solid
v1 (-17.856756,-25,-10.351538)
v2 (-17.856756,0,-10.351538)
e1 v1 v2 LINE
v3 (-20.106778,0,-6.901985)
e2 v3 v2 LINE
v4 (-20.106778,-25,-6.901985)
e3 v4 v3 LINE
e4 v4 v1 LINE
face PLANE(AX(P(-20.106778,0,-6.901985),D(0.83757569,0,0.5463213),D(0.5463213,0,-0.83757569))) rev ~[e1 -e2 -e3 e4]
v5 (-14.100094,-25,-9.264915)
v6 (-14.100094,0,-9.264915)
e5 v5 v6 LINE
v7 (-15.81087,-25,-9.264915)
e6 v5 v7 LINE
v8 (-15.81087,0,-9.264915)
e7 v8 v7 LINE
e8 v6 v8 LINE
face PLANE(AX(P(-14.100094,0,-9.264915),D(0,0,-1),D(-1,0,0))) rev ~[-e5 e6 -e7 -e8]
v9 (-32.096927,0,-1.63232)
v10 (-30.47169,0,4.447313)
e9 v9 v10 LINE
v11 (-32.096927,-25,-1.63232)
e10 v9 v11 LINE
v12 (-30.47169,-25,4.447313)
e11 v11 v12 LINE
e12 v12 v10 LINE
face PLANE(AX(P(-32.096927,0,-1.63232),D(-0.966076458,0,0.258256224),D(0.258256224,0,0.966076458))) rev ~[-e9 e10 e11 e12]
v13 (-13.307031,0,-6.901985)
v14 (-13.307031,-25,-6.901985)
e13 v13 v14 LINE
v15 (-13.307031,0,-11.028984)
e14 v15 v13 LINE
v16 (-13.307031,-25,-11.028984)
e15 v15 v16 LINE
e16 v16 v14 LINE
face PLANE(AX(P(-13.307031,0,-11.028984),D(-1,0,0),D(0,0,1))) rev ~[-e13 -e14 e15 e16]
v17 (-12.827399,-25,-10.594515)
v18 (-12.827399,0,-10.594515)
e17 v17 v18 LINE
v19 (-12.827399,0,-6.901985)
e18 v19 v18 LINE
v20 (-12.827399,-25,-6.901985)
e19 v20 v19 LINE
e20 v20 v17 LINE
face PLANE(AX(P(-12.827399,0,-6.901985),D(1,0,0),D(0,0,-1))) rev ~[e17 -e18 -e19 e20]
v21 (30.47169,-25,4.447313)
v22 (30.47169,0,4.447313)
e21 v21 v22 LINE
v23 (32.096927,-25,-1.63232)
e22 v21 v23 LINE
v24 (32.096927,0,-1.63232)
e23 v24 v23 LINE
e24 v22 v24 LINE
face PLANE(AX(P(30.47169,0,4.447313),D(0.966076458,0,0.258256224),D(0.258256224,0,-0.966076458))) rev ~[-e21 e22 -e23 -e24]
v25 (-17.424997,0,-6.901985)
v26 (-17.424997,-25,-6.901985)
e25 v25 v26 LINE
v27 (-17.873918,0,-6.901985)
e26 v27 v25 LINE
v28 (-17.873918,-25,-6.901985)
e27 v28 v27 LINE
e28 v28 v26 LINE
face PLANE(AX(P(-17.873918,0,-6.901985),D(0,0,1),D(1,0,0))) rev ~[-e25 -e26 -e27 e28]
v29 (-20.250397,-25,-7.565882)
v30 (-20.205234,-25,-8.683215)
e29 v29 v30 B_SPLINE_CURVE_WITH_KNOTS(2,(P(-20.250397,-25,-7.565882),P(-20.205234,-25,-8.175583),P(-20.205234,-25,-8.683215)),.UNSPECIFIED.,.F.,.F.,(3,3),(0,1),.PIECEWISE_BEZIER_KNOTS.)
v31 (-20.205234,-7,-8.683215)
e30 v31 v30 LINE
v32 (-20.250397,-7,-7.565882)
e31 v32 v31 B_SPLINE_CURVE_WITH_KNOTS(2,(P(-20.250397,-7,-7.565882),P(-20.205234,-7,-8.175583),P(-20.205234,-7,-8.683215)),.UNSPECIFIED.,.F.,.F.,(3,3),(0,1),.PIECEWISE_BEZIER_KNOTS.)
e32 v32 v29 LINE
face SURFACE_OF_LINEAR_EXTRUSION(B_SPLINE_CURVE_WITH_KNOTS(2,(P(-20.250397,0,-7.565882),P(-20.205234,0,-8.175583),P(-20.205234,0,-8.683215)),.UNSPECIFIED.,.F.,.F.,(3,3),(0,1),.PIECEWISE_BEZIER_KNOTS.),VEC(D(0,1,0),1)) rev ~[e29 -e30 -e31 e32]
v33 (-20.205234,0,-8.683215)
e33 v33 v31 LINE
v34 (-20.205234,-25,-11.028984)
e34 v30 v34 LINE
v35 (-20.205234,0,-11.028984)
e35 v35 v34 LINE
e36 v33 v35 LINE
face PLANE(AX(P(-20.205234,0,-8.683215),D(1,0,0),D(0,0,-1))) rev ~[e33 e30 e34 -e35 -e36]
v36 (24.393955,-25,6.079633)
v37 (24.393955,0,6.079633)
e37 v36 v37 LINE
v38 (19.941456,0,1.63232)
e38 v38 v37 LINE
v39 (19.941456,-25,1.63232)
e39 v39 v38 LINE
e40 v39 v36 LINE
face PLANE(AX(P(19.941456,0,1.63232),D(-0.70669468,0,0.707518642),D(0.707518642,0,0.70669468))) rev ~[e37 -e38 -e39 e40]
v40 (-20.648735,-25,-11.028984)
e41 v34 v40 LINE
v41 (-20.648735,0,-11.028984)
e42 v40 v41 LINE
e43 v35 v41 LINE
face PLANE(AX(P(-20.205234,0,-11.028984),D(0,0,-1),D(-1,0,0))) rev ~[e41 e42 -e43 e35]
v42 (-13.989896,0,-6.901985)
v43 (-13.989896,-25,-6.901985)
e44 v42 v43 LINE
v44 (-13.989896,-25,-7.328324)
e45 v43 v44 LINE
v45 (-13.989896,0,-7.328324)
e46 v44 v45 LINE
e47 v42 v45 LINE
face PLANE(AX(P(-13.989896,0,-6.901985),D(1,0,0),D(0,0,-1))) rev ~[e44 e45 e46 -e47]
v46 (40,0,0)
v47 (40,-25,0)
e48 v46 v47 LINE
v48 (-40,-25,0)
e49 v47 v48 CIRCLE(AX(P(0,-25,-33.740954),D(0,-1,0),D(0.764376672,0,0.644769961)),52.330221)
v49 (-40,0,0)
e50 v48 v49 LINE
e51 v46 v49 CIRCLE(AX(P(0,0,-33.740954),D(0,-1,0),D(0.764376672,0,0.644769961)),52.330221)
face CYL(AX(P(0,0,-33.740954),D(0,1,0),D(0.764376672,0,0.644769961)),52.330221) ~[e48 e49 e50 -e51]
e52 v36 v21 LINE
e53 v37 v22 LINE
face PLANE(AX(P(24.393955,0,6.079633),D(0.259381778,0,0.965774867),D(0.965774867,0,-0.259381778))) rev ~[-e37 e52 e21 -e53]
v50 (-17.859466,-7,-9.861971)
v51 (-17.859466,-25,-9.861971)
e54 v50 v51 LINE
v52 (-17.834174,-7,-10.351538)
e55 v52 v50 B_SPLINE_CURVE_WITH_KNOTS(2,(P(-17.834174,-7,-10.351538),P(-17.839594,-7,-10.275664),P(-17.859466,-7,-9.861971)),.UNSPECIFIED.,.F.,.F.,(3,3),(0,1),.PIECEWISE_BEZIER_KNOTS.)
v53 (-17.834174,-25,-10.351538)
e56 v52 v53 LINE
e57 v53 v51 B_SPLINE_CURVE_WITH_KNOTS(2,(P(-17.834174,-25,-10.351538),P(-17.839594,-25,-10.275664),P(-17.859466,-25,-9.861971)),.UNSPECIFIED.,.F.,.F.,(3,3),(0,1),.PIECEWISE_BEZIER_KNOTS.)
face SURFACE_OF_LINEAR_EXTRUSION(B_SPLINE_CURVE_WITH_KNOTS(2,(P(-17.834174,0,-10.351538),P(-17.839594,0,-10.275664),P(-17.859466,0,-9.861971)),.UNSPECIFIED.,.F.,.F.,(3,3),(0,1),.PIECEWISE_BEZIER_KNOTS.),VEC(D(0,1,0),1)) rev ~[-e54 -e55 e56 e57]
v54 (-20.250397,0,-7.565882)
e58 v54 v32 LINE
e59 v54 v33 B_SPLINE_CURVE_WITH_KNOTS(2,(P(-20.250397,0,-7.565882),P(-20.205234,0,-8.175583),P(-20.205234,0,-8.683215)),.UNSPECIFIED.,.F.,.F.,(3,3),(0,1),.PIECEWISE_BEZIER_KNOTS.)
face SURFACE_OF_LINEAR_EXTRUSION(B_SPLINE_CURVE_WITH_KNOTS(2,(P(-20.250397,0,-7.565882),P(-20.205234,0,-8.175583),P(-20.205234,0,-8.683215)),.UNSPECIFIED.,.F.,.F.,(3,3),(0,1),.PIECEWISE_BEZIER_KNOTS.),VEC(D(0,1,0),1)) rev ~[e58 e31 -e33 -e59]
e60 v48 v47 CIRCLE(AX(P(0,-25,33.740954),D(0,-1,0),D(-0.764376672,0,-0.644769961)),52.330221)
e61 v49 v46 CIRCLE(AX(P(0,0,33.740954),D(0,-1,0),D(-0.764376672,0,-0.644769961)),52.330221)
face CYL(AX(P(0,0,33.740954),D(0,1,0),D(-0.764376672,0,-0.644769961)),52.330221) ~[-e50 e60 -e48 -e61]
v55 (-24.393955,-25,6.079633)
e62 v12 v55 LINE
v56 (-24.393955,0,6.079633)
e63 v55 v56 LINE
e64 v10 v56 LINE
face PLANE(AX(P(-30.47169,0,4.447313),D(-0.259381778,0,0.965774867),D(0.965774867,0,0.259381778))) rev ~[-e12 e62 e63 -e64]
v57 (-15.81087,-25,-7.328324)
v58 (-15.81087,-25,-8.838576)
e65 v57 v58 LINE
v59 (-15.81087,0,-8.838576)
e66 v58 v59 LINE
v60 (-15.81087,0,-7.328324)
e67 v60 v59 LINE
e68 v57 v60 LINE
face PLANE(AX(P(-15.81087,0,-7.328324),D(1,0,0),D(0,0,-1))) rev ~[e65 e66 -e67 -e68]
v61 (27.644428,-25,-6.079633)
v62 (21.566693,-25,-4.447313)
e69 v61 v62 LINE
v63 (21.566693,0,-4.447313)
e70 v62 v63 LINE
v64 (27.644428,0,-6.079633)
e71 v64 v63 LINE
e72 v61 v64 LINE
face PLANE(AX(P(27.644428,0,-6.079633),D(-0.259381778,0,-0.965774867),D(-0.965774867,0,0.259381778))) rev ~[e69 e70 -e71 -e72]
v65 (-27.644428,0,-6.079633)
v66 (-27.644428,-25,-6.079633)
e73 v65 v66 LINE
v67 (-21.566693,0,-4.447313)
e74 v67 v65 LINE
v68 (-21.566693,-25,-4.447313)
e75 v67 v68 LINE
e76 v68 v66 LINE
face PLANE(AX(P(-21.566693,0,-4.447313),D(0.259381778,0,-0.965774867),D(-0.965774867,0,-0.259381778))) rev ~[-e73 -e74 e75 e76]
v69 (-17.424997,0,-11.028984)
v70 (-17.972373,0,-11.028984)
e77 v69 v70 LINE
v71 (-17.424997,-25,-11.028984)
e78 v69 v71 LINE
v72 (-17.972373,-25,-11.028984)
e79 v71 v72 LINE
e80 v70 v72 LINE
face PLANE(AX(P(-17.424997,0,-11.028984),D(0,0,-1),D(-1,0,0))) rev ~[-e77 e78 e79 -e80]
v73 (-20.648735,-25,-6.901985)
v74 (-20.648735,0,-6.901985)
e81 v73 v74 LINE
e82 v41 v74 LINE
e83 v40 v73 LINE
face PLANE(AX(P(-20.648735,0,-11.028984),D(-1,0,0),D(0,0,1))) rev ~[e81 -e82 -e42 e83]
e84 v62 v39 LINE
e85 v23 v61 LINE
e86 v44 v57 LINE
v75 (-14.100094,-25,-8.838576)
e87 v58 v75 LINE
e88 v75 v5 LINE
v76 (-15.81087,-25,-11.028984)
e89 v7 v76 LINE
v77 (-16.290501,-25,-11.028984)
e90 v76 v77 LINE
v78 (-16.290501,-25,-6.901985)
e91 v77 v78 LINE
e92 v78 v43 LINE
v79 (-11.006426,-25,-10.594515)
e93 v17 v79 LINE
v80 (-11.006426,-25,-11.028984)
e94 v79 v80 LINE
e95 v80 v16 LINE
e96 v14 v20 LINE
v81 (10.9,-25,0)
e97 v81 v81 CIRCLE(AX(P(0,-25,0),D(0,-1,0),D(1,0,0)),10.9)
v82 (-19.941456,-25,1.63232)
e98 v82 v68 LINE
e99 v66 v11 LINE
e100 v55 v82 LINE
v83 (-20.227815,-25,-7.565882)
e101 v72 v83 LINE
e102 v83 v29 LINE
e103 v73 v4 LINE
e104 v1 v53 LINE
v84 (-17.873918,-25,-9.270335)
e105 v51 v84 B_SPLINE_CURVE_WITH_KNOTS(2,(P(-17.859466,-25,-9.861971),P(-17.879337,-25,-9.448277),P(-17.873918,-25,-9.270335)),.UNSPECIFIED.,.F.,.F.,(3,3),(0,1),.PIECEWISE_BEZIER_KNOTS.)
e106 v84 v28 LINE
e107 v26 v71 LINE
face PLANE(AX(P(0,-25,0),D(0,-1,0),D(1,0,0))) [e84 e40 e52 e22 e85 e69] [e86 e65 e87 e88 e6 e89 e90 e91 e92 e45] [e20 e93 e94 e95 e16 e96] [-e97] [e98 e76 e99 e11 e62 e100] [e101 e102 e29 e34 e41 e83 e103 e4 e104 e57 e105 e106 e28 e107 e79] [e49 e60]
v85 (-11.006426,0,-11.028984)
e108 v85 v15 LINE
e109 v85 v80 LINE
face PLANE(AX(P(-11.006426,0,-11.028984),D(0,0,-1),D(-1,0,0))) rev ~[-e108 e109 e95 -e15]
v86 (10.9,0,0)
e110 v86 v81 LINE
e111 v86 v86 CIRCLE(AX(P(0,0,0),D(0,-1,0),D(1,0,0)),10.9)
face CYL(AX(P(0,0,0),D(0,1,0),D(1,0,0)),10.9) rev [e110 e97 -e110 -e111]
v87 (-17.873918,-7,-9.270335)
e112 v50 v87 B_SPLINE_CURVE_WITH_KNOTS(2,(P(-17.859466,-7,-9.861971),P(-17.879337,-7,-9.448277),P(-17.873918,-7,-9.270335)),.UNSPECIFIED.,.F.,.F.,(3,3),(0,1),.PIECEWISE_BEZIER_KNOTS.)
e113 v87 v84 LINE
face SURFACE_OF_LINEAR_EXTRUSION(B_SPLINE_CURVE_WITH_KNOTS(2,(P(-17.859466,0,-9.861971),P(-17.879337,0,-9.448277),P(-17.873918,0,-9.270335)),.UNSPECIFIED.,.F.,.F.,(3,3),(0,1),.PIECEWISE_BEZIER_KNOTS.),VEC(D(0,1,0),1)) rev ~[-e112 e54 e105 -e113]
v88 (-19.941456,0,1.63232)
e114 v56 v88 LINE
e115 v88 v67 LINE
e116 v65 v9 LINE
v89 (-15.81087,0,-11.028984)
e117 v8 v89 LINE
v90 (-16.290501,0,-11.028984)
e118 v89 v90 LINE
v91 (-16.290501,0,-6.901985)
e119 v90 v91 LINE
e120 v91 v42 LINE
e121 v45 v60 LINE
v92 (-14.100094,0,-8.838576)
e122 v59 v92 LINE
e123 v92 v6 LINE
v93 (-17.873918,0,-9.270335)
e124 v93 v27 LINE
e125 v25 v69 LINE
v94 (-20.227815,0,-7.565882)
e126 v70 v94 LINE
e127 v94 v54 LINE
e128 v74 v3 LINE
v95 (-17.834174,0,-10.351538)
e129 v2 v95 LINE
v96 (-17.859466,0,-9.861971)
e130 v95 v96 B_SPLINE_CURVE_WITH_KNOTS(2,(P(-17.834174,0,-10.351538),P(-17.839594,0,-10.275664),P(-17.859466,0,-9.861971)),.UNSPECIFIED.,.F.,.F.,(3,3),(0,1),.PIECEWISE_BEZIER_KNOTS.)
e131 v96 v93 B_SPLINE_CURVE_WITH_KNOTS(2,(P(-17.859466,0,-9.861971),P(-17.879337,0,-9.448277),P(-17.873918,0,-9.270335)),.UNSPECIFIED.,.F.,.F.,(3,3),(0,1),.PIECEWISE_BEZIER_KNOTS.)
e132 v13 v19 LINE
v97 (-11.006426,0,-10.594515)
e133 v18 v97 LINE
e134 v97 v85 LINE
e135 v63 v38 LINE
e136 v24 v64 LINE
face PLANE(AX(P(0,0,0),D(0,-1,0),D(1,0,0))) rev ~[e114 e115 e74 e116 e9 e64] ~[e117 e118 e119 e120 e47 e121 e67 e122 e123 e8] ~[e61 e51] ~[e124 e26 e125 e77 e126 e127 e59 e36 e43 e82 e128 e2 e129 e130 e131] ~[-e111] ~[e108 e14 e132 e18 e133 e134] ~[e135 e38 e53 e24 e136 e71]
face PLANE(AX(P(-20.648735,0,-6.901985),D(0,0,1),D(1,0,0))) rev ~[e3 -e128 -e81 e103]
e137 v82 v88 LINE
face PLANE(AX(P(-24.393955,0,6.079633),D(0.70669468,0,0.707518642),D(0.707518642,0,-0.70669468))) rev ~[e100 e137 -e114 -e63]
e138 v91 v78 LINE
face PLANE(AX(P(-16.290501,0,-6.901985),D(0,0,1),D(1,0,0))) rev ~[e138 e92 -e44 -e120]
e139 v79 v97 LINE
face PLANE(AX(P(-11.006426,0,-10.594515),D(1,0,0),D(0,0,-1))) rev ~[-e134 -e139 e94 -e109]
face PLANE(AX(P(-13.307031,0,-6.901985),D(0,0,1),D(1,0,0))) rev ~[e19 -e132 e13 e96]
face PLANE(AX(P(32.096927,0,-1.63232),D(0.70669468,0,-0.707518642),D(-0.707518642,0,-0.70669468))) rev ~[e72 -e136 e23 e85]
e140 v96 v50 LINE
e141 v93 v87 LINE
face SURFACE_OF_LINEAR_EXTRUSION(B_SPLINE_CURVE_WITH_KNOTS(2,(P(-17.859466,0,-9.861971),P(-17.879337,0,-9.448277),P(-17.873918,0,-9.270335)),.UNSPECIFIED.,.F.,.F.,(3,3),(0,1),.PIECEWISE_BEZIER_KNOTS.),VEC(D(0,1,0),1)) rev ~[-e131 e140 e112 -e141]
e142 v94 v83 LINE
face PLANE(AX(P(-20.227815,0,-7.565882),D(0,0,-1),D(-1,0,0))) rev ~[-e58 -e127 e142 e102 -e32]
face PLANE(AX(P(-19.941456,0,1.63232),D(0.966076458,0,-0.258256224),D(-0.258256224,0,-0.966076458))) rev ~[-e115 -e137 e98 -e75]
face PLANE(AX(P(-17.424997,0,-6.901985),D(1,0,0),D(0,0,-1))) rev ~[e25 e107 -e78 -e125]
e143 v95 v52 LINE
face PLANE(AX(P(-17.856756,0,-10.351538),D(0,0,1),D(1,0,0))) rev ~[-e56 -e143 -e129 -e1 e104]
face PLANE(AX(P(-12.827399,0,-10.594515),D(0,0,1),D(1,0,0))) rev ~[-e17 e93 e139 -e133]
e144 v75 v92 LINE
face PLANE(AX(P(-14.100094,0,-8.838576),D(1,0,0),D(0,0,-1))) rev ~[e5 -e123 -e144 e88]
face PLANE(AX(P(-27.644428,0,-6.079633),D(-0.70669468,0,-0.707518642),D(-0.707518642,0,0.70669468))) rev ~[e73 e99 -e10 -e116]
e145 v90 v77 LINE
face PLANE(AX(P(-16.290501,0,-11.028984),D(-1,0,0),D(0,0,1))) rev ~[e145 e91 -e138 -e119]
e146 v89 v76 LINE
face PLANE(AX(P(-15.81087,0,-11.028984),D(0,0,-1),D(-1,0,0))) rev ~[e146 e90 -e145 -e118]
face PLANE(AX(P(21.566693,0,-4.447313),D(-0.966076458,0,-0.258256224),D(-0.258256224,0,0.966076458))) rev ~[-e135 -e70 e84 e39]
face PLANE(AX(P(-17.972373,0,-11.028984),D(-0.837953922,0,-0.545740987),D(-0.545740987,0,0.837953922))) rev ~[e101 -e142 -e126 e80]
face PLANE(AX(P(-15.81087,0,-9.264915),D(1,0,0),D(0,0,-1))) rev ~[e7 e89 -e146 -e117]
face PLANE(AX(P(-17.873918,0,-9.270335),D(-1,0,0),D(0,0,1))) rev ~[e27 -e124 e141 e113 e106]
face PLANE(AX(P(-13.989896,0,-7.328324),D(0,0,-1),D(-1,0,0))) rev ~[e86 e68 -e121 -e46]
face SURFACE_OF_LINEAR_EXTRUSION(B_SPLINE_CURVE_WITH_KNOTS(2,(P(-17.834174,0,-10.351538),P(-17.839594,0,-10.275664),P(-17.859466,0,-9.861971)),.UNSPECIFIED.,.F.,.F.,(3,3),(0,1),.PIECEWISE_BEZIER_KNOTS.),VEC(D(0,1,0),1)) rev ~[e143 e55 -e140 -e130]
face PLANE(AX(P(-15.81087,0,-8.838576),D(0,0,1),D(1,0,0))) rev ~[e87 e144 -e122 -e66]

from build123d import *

# Parameters (mm, degrees)
F0_R     = 10.9
F1_DEPTH = 7
F2_DEPTH = 25


with BuildPart() as f1:
    # F0 (on Front) → F1 (new body)
    with BuildSketch(Plane.XZ):
        with BuildLine():
            ThreePointArc((-40, 0), (0, -18.5892663444), (40, 0))
            ThreePointArc((40, 0), (0, 18.5892663444), (-40, 0))
        make_face()
        with BuildLine():
            Line((-17.4249970611, -6.9019849301), (-17.4249970611, -11.0289836302))
            Line((-17.4249970611, -11.0289836302), (-17.9723731198, -11.0289836302))
            Line((-17.9723731198, -11.0289836302), (-20.2278153948, -7.5658816349))
            Line((-20.2278153948, -7.5658816349), (-20.2503969154, -7.5658816349))
            add(Edge.make_bspline(
                [(-20.2503969154, -7.5658816349), (-20.2052338742, -8.1755826905), (-20.2052338742, -8.683215273)],
                knots=[0, 0, 0, 1, 1, 1], degree=2))
            Line((-20.2052338742, -8.683215273), (-20.2052338742, -11.0289836302))
            Line((-20.2052338742, -11.0289836302), (-20.6487349383, -11.0289836302))
            Line((-20.6487349383, -11.0289836302), (-20.6487349383, -6.9019849301))
            Line((-20.6487349383, -6.9019849301), (-20.1067784445, -6.9019849301))
            Line((-20.1067784445, -6.9019849301), (-17.8567557345, -10.351538013))
            Line((-17.8567557345, -10.351538013), (-17.8341742139, -10.351538013))
            add(Edge.make_bspline(
                [(-17.8341742139, -10.351538013), (-17.8395937789, -10.2756641039), (-17.859465517, -9.861970647)],
                knots=[0, 0, 0, 1, 1, 1], degree=2))
            add(Edge.make_bspline(
                [(-17.859465517, -9.861970647), (-17.8793372551, -9.44827719), (-17.8739176901, -9.2703348079)],
                knots=[0, 0, 0, 1, 1, 1], degree=2))
            Line((-17.8739176901, -9.2703348079), (-17.8739176901, -6.9019849301))
            Line((-17.8739176901, -6.9019849301), (-17.4249970611, -6.9019849301))
        make_face(mode=Mode.SUBTRACT)
        Polygon((-15.8108699705, -9.264915243), (-15.8108699705, -11.0289836302), (-16.2905014675, -11.0289836302), (-16.2905014675, -6.9019849301), (-13.9898961513, -6.9019849301), (-13.9898961513, -7.3283240385), (-15.8108699705, -7.3283240385), (-15.8108699705, -8.8385761345), (-14.1000939717, -8.8385761345), (-14.1000939717, -9.264915243), align=None, mode=Mode.SUBTRACT)
        Polygon((-11.006425653, -11.0289836302), (-13.3070309692, -11.0289836302), (-13.3070309692, -6.9019849301), (-12.8273994722, -6.9019849301), (-12.8273994722, -10.5945151744), (-11.006425653, -10.5945151744), align=None, mode=Mode.SUBTRACT)
        Polygon((-21.5666932822, -4.4473129641), (-27.6444284164, -6.0796330833), (-32.0969266739, -1.6323201193), (-30.4716897972, 4.4473129641), (-24.393954663, 6.0796330833), (-19.9414564055, 1.6323201193), align=None, mode=Mode.SUBTRACT)
        Circle(F0_R, mode=Mode.SUBTRACT)
        Polygon((32.0969266739, -1.6323201193), (27.6444284164, -6.0796330833), (21.5666932822, -4.4473129641), (19.9414564055, 1.6323201193), (24.393954663, 6.0796330833), (30.4716897972, 4.4473129641), align=None, mode=Mode.SUBTRACT)
    extrude(amount=F1_DEPTH)

    # F0 (on Front) → F2 (join)
    with BuildSketch(Plane.XZ):
        with BuildLine():
            ThreePointArc((-40, 0), (0, -18.5892663444), (40, 0))
            ThreePointArc((40, 0), (0, 18.5892663444), (-40, 0))
        make_face()
        with BuildLine():
            Line((-17.4249970611, -6.9019849301), (-17.4249970611, -11.0289836302))
            Line((-17.4249970611, -11.0289836302), (-17.9723731198, -11.0289836302))
            Line((-17.9723731198, -11.0289836302), (-20.2278153948, -7.5658816349))
            Line((-20.2278153948, -7.5658816349), (-20.2503969154, -7.5658816349))
            add(Edge.make_bspline(
                [(-20.2503969154, -7.5658816349), (-20.2052338742, -8.1755826905), (-20.2052338742, -8.683215273)],
                knots=[0, 0, 0, 1, 1, 1], degree=2))
            Line((-20.2052338742, -8.683215273), (-20.2052338742, -11.0289836302))
            Line((-20.2052338742, -11.0289836302), (-20.6487349383, -11.0289836302))
            Line((-20.6487349383, -11.0289836302), (-20.6487349383, -6.9019849301))
            Line((-20.6487349383, -6.9019849301), (-20.1067784445, -6.9019849301))
            Line((-20.1067784445, -6.9019849301), (-17.8567557345, -10.351538013))
            Line((-17.8567557345, -10.351538013), (-17.8341742139, -10.351538013))
            add(Edge.make_bspline(
                [(-17.8341742139, -10.351538013), (-17.8395937789, -10.2756641039), (-17.859465517, -9.861970647)],
                knots=[0, 0, 0, 1, 1, 1], degree=2))
            add(Edge.make_bspline(
                [(-17.859465517, -9.861970647), (-17.8793372551, -9.44827719), (-17.8739176901, -9.2703348079)],
                knots=[0, 0, 0, 1, 1, 1], degree=2))
            Line((-17.8739176901, -9.2703348079), (-17.8739176901, -6.9019849301))
            Line((-17.8739176901, -6.9019849301), (-17.4249970611, -6.9019849301))
        make_face(mode=Mode.SUBTRACT)
        Polygon((-15.8108699705, -9.264915243), (-15.8108699705, -11.0289836302), (-16.2905014675, -11.0289836302), (-16.2905014675, -6.9019849301), (-13.9898961513, -6.9019849301), (-13.9898961513, -7.3283240385), (-15.8108699705, -7.3283240385), (-15.8108699705, -8.8385761345), (-14.1000939717, -8.8385761345), (-14.1000939717, -9.264915243), align=None, mode=Mode.SUBTRACT)
        Polygon((-11.006425653, -11.0289836302), (-13.3070309692, -11.0289836302), (-13.3070309692, -6.9019849301), (-12.8273994722, -6.9019849301), (-12.8273994722, -10.5945151744), (-11.006425653, -10.5945151744), align=None, mode=Mode.SUBTRACT)
        Polygon((-21.5666932822, -4.4473129641), (-27.6444284164, -6.0796330833), (-32.0969266739, -1.6323201193), (-30.4716897972, 4.4473129641), (-24.393954663, 6.0796330833), (-19.9414564055, 1.6323201193), align=None, mode=Mode.SUBTRACT)
        Circle(F0_R, mode=Mode.SUBTRACT)
        Polygon((32.0969266739, -1.6323201193), (27.6444284164, -6.0796330833), (21.5666932822, -4.4473129641), (19.9414564055, 1.6323201193), (24.393954663, 6.0796330833), (30.4716897972, 4.4473129641), align=None, mode=Mode.SUBTRACT)
    extrude(amount=F2_DEPTH)


solid = f1.part
